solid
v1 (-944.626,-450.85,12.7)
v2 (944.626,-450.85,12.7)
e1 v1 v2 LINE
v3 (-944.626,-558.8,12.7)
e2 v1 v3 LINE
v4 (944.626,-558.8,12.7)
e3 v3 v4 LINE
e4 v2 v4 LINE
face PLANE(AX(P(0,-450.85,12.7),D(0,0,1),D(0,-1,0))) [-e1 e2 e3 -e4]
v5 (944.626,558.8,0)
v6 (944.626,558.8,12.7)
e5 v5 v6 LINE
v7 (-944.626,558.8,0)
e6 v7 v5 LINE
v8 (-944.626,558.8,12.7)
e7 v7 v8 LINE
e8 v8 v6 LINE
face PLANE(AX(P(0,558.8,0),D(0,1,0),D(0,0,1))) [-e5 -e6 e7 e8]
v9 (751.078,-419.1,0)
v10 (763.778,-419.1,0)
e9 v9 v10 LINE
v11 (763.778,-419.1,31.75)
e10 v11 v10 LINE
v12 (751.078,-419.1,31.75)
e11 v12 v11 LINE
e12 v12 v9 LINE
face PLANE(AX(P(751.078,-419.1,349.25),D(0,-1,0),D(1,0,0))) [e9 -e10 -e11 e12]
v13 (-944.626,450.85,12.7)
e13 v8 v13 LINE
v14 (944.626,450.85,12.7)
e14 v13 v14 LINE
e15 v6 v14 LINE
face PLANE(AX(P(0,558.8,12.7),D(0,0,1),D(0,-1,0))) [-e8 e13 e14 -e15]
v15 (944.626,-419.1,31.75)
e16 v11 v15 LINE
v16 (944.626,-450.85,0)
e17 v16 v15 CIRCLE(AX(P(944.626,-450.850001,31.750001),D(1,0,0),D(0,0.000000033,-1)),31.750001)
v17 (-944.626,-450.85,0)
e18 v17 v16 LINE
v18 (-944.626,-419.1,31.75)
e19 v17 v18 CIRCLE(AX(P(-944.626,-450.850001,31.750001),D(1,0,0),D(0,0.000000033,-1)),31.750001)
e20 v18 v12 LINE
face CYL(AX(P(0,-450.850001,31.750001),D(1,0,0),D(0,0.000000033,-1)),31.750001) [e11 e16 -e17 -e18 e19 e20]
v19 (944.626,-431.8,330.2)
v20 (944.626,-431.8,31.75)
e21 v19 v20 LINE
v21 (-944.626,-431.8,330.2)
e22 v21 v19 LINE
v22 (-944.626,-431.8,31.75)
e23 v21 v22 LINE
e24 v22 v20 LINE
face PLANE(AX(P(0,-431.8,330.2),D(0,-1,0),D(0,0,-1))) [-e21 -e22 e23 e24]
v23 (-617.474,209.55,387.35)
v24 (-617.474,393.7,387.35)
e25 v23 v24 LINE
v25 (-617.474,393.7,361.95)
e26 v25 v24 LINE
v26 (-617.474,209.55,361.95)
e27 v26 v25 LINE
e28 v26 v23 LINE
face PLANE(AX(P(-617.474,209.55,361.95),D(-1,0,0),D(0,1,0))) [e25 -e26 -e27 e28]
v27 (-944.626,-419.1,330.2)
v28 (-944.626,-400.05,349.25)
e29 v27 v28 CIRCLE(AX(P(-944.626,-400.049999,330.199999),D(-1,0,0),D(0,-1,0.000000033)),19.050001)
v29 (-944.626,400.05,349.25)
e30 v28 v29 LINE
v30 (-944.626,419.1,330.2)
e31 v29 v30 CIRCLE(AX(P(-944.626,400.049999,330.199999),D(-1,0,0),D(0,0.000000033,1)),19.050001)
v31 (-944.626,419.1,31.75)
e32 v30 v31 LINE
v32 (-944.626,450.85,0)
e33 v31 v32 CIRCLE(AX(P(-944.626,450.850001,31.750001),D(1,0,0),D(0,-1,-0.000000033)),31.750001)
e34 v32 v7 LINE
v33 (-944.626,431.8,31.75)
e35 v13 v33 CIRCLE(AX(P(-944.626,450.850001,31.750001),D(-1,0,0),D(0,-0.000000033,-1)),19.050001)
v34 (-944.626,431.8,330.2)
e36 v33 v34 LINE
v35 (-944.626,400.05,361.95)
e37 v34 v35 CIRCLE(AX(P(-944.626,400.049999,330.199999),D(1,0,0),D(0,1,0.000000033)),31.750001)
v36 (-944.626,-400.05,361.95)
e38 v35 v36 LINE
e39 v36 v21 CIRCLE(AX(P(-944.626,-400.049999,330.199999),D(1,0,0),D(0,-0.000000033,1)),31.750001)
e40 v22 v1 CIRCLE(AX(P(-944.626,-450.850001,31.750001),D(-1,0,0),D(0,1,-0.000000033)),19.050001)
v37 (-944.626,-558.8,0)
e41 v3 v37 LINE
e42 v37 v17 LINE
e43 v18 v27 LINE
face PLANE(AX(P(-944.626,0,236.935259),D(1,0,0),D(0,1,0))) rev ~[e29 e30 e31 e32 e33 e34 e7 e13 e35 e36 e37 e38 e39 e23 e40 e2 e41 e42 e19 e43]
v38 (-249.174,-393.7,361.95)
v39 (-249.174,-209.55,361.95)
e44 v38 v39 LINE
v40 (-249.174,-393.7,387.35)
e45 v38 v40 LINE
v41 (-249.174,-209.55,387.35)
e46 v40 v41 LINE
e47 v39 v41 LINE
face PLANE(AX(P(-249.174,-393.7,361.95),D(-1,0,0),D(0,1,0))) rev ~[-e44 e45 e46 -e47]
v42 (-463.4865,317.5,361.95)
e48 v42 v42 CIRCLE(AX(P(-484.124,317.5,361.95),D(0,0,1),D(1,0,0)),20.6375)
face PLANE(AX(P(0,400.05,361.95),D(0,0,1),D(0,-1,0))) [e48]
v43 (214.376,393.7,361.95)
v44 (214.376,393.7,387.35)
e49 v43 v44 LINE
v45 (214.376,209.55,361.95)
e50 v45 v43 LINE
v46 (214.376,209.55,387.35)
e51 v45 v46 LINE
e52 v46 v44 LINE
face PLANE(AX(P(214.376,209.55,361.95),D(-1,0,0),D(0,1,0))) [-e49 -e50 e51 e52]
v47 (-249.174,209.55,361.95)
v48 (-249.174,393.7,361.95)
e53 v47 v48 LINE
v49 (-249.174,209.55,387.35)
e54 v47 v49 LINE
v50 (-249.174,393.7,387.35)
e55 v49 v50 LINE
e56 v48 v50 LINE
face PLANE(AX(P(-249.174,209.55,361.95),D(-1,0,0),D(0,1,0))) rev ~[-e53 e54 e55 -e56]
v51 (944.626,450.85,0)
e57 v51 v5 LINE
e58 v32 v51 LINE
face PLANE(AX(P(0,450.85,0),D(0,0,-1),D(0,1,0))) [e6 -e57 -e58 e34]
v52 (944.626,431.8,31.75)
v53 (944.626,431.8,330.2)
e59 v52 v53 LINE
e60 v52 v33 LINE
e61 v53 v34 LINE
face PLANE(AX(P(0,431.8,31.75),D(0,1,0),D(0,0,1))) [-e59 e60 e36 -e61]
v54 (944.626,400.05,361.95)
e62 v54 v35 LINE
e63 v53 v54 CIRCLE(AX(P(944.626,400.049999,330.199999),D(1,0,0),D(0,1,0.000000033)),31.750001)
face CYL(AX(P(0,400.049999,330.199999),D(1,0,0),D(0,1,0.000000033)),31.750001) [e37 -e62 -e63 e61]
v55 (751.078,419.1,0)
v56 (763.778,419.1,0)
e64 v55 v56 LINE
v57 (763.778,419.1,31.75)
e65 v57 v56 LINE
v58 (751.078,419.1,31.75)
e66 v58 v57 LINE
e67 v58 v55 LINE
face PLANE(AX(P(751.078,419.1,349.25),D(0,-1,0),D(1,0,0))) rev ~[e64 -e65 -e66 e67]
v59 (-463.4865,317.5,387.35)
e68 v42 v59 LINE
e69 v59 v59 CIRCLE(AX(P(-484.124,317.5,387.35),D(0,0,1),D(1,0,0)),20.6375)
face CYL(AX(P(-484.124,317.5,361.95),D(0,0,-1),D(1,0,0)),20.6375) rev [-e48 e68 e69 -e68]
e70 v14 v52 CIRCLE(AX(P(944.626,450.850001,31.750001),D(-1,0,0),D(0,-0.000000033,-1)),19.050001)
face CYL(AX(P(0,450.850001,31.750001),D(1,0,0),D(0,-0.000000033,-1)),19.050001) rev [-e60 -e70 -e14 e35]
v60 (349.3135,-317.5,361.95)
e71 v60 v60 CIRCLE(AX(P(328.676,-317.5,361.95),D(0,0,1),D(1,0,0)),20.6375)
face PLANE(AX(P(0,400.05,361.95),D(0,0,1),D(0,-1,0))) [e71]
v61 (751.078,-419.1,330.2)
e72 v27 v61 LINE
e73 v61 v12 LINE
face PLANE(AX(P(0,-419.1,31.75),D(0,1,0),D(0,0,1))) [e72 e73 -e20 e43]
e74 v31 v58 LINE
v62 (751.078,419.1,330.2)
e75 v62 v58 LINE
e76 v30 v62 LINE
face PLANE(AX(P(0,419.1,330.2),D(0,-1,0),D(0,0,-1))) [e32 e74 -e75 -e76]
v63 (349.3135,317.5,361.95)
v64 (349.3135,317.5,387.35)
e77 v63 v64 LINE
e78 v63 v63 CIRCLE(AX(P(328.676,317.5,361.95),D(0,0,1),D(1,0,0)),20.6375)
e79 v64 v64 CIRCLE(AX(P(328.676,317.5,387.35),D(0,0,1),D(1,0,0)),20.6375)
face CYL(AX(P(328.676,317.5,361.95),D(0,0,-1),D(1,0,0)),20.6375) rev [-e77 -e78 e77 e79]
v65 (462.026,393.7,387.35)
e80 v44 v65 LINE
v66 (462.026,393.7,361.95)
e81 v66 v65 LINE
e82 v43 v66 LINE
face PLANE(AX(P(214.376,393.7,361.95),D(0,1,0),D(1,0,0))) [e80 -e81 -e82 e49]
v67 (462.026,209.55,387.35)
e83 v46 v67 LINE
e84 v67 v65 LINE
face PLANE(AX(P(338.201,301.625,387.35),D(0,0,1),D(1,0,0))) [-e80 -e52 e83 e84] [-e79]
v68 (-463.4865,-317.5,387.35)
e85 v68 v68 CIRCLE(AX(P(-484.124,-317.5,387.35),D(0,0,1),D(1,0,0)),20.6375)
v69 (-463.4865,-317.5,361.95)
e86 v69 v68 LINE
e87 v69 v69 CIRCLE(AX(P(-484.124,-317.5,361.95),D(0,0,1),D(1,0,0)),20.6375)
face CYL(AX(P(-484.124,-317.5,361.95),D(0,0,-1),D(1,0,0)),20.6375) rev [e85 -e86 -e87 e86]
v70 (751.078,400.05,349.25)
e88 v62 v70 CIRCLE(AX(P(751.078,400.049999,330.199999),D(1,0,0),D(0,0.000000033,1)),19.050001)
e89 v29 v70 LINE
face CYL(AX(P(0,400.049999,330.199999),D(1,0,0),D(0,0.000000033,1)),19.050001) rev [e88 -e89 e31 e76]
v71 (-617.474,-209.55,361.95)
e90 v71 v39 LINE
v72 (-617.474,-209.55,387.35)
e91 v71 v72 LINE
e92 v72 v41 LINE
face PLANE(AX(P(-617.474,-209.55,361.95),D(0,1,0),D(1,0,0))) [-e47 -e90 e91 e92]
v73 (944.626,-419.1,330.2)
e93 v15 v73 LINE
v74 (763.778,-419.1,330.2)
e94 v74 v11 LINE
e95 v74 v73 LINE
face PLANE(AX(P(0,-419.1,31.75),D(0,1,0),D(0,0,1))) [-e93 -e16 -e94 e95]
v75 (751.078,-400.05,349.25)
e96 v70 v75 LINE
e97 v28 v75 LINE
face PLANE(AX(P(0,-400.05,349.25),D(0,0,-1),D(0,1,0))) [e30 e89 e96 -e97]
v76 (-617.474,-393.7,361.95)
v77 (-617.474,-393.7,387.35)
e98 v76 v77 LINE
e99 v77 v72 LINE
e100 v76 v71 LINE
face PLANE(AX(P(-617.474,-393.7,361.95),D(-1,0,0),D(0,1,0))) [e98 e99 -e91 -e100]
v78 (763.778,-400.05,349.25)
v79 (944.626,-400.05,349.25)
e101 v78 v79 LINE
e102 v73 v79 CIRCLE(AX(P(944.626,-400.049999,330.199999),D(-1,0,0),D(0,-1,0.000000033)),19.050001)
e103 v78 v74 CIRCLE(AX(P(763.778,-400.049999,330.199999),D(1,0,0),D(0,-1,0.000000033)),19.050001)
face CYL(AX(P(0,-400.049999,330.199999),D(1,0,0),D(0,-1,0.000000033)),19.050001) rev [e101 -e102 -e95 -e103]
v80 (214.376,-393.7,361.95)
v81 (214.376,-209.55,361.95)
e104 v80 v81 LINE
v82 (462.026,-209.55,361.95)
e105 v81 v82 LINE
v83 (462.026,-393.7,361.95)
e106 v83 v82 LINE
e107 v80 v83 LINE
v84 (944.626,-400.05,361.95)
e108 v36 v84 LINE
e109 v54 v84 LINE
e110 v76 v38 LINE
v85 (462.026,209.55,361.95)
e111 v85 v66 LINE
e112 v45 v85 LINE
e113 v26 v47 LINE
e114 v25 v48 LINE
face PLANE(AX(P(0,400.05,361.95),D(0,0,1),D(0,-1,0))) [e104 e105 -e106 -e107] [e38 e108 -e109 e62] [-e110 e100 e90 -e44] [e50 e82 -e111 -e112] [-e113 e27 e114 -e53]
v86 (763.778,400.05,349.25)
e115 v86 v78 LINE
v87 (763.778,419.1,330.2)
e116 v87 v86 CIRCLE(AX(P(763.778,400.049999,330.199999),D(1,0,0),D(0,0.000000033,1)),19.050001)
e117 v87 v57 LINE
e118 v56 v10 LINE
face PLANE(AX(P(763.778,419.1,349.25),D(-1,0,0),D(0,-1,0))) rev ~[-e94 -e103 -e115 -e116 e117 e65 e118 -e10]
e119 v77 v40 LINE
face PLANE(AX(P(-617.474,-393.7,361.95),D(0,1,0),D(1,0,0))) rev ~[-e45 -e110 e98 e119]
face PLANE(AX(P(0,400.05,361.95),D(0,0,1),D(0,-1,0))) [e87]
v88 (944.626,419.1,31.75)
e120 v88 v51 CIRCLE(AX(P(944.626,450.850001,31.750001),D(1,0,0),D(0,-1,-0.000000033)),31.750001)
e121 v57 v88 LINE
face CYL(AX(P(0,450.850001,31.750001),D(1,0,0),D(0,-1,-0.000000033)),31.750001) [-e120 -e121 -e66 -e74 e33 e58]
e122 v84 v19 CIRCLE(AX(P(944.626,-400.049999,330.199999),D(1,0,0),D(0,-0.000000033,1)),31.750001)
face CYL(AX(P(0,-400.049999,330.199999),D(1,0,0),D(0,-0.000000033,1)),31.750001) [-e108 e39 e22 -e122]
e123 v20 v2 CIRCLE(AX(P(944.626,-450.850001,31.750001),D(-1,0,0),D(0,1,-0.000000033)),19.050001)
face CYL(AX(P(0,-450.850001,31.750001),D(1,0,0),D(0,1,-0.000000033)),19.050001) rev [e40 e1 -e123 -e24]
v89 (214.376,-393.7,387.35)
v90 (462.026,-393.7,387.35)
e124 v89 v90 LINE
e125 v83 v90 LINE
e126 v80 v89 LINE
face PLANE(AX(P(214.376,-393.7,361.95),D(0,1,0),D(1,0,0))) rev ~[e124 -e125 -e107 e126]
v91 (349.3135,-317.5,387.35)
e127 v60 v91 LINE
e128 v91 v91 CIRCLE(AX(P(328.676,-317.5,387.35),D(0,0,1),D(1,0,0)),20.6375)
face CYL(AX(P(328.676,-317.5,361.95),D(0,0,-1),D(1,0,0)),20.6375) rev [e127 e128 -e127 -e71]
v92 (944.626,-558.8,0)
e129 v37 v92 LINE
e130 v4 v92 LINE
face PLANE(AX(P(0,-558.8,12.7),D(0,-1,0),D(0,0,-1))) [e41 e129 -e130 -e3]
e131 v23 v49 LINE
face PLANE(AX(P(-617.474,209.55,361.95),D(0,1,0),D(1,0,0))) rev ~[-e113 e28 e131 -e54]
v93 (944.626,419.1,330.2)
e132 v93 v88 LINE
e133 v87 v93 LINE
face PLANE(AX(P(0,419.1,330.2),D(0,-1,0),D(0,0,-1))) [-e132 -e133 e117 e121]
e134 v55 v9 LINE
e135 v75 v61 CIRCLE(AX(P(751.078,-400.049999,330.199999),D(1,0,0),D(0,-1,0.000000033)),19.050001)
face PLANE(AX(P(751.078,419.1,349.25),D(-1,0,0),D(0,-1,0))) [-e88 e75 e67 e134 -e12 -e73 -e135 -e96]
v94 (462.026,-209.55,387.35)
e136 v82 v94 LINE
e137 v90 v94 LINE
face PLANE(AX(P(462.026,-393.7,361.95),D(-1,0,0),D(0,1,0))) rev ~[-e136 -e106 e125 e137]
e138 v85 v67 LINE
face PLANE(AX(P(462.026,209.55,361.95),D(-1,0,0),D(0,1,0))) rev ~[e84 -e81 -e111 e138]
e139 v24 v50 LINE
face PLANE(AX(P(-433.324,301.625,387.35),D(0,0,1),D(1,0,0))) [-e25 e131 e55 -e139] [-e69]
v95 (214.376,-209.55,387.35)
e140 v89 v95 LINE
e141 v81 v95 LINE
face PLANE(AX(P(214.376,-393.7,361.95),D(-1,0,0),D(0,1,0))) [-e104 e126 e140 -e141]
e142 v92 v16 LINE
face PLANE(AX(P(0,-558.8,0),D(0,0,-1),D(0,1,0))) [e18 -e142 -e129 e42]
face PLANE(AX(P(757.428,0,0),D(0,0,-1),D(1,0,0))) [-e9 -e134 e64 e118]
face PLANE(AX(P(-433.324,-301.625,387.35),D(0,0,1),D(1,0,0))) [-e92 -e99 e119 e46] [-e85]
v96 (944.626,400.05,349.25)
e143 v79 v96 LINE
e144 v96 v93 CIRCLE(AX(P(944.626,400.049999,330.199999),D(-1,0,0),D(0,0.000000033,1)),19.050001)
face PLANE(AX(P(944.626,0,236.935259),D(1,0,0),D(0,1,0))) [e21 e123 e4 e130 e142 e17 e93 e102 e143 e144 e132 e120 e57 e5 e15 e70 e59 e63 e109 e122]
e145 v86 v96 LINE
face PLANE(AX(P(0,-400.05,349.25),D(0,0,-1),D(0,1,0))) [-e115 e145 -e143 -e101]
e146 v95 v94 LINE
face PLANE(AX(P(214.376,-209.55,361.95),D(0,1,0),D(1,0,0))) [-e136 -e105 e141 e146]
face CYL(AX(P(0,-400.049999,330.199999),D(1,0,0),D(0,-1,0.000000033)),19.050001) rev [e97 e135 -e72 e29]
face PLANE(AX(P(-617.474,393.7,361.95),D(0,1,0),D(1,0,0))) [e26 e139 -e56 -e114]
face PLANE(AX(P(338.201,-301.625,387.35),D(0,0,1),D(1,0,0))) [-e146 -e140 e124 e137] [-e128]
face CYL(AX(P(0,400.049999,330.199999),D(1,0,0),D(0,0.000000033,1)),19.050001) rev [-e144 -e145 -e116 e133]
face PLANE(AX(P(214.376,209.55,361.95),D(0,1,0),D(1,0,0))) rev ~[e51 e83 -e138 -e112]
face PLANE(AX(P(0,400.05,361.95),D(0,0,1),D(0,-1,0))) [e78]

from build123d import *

# Parameters (mm, degrees)
F1_DEPTH = 944.626
F2_W     = 12.7
F2_H     = 838.2
F3_DEPTH = 349.25
F4_W     = 368.3
F4_H     = 184.15
F4_R     = 20.6375
F4_W_2   = 247.65
F5_DEPTH = 25.4


with BuildPart() as f1:
    # F0 (on Right) → F1 (new body, symmetric)
    with BuildSketch(Plane.YZ):
        with BuildLine():
            Line((400.05, 361.95), (0, 361.95))
            Line((0, 361.95), (-400.05, 361.95))
            ThreePointArc((-400.05, 361.95), (-422.50064, 352.65064), (-431.8, 330.2))
            Line((-431.8, 330.2), (-431.8, 31.75))
            ThreePointArc((-431.8, 31.75), (-437.379616, 18.279616), (-450.85, 12.7))
            Line((-450.85, 12.7), (-558.8, 12.7))
            Line((-558.8, 12.7), (-558.8, 6.35))
            Line((-558.8, 6.35), (-558.8, 0))
            Line((-558.8, 0), (-450.85, 0))
            ThreePointArc((-450.85, 0), (-428.39936, 9.29936), (-419.1, 31.75))
            Line((-419.1, 31.75), (-419.1, 330.2))
            ThreePointArc((-419.1, 330.2), (-413.520384, 343.670384), (-400.05, 349.25))
            Line((-400.05, 349.25), (0, 349.25))
            Line((0, 349.25), (400.05, 349.25))
            ThreePointArc((400.05, 349.25), (413.520384, 343.670384), (419.1, 330.2))
            Line((419.1, 330.2), (419.1, 31.75))
            ThreePointArc((419.1, 31.75), (428.39936, 9.29936), (450.85, 0))
            Line((450.85, 0), (558.8, 0))
            Line((558.8, 0), (558.8, 6.35))
            Line((558.8, 6.35), (558.8, 12.7))
            Line((558.8, 12.7), (450.85, 12.7))
            ThreePointArc((450.85, 12.7), (437.379616, 18.279616), (431.8, 31.75))
            Line((431.8, 31.75), (431.8, 330.2))
            ThreePointArc((431.8, 330.2), (422.50064, 352.65064), (400.05, 361.95))
        make_face()
    extrude(amount=F1_DEPTH, both=True)

    # F2 (on face) → F3 (join, through all)
    with BuildSketch(Plane(origin=(0, 0, 349.25), x_dir=(1, 0, 0), z_dir=(0, 0, -1))):
        with Locations((757.428, 0)):
            Rectangle(F2_W, F2_H)
    extrude(amount=F3_DEPTH)

    # F4 (on face) → F5 (join)
    with BuildSketch(Plane.XY.offset(361.95)):
        with Locations((-433.324, 301.625)):
            Rectangle(F4_W, F4_H)
        with Locations((-484.124, 317.5)):
            Circle(F4_R, mode=Mode.SUBTRACT)
        with Locations((338.201, 301.625)):
            Rectangle(F4_W_2, F4_H)
        with Locations((328.676, 317.5)):
            Circle(F4_R, mode=Mode.SUBTRACT)
        with Locations((338.201, -301.625)):
            Rectangle(F4_W_2, F4_H)
        with Locations((328.676, -317.5)):
            Circle(F4_R, mode=Mode.SUBTRACT)
        with Locations((-433.324, -301.625)):
            Rectangle(F4_W, F4_H)
        with Locations((-484.124, -317.5)):
            Circle(F4_R, mode=Mode.SUBTRACT)
    extrude(amount=F5_DEPTH)


solid = f1.part
